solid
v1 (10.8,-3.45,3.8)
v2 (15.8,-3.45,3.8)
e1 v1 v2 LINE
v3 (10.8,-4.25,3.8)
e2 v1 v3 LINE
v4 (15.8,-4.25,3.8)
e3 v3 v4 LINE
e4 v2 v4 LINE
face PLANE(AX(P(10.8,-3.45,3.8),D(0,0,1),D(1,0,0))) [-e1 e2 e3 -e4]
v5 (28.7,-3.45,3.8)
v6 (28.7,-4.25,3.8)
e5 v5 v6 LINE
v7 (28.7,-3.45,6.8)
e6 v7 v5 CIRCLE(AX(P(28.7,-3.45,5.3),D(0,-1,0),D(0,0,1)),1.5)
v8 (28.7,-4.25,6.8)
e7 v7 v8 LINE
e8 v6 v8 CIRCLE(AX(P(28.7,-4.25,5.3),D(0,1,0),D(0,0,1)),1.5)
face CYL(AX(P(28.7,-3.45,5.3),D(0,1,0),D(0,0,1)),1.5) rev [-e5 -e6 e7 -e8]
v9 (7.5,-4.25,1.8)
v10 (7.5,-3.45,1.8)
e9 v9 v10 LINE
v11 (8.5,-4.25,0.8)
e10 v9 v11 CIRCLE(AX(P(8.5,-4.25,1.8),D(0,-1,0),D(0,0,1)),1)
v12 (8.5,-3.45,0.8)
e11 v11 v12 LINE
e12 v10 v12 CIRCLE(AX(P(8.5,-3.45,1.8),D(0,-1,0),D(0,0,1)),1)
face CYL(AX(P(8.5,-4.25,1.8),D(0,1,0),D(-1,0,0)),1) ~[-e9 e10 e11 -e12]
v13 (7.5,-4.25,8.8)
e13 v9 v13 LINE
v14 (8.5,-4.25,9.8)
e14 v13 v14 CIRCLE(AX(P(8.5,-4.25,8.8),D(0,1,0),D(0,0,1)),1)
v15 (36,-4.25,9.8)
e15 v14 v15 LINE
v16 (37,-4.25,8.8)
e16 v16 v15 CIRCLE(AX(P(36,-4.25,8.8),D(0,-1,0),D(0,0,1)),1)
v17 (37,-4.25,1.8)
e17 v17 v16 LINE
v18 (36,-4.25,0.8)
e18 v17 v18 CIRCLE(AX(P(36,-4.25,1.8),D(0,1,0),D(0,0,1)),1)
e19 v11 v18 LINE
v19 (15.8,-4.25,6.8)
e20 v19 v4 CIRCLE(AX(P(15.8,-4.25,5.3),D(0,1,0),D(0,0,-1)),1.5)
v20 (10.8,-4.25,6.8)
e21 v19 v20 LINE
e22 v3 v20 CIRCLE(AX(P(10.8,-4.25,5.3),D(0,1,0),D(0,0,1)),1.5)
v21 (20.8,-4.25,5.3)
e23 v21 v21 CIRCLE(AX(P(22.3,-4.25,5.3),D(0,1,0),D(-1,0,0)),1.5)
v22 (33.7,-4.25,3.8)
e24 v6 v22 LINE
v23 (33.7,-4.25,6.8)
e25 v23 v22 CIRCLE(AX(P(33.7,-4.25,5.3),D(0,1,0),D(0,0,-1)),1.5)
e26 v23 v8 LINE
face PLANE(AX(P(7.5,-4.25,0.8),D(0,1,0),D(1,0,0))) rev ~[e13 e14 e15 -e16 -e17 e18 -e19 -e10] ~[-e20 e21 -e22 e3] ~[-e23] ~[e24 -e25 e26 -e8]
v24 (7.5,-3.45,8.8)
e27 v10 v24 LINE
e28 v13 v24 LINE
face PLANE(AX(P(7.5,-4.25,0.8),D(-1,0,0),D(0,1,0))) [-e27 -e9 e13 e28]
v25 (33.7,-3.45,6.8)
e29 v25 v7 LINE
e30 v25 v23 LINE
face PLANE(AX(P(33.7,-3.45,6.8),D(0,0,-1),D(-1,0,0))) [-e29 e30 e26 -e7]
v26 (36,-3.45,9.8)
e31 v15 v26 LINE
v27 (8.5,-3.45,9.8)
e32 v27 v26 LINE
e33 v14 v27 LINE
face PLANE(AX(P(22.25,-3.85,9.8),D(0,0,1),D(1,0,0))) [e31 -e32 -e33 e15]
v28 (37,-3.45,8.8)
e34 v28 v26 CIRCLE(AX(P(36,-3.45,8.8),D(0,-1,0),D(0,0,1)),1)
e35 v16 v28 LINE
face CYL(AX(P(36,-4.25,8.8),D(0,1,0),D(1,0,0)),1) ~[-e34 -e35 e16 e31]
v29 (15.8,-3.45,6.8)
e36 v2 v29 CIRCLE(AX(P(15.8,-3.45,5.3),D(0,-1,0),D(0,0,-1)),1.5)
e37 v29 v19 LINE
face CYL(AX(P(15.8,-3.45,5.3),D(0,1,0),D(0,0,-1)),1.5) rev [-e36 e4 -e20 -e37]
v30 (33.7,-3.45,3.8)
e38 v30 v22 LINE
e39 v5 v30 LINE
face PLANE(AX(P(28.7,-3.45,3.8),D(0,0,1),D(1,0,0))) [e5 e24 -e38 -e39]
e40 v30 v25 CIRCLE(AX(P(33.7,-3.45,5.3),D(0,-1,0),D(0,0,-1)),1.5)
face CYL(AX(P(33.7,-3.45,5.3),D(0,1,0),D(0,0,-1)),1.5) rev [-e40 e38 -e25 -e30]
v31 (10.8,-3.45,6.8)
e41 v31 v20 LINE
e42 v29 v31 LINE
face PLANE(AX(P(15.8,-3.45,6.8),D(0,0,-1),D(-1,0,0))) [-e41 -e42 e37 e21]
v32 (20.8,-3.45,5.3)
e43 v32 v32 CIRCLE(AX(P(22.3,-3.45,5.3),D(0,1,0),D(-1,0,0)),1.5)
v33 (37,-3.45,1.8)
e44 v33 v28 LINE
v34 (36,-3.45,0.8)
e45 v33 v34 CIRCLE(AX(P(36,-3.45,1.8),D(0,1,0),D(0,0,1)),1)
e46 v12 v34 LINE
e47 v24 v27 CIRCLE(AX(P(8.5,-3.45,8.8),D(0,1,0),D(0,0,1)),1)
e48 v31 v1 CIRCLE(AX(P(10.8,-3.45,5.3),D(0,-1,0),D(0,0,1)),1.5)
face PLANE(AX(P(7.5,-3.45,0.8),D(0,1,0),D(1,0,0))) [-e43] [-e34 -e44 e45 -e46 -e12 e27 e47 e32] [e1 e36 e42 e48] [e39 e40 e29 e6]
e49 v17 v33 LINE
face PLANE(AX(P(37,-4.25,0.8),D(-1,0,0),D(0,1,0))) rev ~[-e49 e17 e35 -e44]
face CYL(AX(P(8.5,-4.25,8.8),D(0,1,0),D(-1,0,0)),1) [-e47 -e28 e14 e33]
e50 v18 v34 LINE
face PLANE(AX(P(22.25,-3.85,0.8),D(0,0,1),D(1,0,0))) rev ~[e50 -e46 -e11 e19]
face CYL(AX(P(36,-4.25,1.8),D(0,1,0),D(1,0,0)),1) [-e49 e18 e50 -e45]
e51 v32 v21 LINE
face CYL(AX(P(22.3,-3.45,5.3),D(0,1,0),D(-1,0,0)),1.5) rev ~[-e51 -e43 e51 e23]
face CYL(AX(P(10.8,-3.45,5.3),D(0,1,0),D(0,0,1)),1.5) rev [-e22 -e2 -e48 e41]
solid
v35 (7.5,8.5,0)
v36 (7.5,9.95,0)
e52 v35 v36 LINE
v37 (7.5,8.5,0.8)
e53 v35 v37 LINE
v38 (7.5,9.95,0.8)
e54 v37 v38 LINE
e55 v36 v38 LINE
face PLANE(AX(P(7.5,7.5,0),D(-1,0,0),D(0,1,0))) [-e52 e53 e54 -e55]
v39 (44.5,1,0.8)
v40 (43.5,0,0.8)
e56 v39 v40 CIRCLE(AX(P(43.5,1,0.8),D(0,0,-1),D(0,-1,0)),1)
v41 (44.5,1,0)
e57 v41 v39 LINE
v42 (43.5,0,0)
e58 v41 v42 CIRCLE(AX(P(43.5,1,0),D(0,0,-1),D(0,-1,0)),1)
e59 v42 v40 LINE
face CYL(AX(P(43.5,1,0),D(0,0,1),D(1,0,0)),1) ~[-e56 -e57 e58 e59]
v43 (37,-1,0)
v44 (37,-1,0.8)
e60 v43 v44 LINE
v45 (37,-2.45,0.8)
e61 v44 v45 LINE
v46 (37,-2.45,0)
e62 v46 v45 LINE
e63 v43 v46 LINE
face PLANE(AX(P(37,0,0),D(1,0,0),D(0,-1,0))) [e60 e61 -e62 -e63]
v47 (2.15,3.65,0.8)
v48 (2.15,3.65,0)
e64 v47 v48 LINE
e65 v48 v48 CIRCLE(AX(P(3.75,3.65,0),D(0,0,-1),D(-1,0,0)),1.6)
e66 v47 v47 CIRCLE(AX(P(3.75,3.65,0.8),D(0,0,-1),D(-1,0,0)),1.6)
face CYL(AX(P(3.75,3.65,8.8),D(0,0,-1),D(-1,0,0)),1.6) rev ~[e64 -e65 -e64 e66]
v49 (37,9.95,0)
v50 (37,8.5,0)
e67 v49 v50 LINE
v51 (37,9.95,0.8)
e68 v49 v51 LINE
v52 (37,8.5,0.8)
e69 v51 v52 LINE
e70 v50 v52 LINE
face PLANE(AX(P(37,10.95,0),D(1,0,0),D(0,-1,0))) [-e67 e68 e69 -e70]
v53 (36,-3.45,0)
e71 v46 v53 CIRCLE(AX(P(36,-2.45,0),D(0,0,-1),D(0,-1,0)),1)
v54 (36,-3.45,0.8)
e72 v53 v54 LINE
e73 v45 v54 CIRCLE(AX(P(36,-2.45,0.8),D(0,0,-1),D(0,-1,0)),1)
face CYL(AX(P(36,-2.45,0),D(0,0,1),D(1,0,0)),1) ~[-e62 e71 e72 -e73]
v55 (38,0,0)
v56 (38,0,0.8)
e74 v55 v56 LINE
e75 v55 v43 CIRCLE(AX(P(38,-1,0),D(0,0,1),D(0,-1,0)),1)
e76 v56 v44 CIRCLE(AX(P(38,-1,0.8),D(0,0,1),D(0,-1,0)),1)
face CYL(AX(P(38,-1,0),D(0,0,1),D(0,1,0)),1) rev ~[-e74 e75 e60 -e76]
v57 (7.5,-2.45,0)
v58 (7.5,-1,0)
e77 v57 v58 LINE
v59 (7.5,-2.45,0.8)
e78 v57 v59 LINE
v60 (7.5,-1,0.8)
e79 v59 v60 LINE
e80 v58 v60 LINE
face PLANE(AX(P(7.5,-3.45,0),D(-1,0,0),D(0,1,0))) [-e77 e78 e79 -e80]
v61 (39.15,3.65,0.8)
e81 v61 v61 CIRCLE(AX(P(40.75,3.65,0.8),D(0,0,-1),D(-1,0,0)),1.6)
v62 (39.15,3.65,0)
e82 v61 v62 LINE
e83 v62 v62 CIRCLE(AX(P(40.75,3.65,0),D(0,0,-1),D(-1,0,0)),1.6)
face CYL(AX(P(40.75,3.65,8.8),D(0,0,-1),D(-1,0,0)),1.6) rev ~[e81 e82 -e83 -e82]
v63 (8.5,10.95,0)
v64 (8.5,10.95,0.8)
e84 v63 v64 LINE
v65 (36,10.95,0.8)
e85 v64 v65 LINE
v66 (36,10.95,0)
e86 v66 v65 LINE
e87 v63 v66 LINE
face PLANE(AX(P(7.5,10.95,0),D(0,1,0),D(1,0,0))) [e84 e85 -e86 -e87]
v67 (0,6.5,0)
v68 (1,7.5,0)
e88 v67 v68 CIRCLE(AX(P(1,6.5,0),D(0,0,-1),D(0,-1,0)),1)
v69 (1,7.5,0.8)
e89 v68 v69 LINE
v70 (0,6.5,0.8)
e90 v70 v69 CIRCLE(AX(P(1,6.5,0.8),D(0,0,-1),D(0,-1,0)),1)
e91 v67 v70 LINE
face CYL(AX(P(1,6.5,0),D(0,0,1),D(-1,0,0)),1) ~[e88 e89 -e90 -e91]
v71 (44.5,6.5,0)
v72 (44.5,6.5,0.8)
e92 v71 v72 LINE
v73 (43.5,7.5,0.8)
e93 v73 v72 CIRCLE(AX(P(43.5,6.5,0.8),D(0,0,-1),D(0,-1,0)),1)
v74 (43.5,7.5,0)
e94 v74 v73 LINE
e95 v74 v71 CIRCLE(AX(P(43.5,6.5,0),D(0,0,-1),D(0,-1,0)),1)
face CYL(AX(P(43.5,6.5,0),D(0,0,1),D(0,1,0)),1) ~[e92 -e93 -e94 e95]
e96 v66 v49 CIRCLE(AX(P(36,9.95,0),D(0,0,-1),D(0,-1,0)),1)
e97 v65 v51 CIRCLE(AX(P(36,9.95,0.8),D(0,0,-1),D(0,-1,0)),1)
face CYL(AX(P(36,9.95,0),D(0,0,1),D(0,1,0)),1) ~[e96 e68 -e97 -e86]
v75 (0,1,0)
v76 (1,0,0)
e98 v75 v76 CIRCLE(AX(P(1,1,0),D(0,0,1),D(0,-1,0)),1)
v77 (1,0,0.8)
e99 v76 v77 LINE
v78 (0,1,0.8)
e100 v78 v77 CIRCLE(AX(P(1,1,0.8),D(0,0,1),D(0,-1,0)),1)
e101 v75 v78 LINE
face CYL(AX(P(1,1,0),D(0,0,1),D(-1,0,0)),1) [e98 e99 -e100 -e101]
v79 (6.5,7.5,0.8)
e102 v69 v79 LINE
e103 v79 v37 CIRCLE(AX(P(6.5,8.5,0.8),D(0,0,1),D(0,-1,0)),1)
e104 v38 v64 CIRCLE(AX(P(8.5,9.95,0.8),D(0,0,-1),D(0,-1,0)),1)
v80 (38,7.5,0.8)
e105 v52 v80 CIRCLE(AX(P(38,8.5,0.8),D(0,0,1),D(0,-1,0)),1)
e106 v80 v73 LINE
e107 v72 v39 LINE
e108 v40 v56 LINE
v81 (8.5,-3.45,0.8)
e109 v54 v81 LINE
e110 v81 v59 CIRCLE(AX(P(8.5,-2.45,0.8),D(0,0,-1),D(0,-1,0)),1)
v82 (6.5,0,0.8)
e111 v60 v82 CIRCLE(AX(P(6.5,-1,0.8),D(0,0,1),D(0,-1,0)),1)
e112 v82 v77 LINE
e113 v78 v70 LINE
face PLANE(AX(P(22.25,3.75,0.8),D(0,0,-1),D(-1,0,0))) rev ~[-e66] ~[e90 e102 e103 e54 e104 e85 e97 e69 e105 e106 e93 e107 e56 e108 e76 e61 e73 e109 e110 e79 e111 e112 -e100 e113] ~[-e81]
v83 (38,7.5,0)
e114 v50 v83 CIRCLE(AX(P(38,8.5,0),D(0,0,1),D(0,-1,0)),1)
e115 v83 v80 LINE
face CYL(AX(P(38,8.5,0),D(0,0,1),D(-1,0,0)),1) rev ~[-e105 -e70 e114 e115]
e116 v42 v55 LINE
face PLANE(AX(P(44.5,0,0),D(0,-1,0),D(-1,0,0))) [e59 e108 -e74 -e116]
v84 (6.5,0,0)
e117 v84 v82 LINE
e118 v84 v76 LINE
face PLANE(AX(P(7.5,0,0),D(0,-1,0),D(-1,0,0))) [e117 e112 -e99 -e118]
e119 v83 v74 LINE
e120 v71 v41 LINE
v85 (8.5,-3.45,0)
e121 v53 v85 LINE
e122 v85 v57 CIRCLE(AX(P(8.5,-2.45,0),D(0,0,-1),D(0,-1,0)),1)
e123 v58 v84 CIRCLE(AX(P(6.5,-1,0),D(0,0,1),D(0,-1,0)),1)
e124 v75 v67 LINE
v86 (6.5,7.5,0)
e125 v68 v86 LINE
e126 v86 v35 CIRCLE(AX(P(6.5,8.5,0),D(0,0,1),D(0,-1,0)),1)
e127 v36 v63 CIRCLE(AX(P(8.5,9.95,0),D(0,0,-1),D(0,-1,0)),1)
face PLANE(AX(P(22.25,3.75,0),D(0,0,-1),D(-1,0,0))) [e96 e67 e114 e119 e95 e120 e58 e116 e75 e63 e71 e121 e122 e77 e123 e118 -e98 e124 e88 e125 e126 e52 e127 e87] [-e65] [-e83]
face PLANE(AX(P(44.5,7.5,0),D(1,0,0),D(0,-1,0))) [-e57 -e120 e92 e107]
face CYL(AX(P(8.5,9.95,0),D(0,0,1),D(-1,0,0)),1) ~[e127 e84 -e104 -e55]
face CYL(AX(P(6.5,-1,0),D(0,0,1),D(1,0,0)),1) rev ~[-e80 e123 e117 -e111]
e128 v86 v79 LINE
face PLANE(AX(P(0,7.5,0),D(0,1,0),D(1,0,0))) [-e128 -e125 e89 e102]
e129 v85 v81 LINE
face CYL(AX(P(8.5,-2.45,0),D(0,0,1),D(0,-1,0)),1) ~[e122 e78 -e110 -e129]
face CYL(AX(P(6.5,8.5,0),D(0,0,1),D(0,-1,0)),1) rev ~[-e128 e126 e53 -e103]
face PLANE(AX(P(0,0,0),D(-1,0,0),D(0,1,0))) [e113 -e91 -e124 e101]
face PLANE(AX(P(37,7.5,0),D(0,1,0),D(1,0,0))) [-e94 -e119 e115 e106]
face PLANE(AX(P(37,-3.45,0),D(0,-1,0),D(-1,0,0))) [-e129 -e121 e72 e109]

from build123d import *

# Parameters (mm, degrees)
BOSS_EXTRU_1_DEPTH                  = 0.8
CONG_2_R                            = 1
DIAM_TRE_DU_PER_AGE_3_2_3_2_1_D     = 3.2
DIAM_TRE_DU_PER_AGE_3_2_3_2_1_DEPTH = 8
DIAM_TRE_DU_PER_AGE_3_2_3_2_1_TIP   = 0.96137699
ESQUISSE4_W                         = 29.5
ESQUISSE4_H                         = 0.8
BOSS_EXTRU_2_DEPTH                  = 9
CONG_3_R                            = 1
ESQUISSE5_R                         = 1.5
ENL_V_MAT_EXTRU_1_DEPTH             = 9


with BuildPart() as part:
    # Esquisse1 → Boss.-Extru.1 (new body)
    with BuildSketch(Plane.XY):
        Polygon((0, 0), (0, 7.5), (7.5, 7.5), (7.5, 10.95), (37, 10.95), (37, 7.5), (44.5, 7.5), (44.5, 0), (37, 0), (37, -3.45), (7.5, -3.45), (7.5, 0), align=None)
    extrude(amount=BOSS_EXTRU_1_DEPTH)

    # Congé2
    cong_2_edges = [part.edges().sort_by_distance(p)[0] for p in [
        (0, 0, 0.4),
        (0, 7.5, 0.4),
        (7.5, 7.5, 0.4),
        (7.5, 10.95, 0.4),
        (37, 10.95, 0.4),
        (37, 7.5, 0.4),
        (44.5, 7.5, 0.4),
        (44.5, 0, 0.4),
        (37, 0, 0.4),
        (37, -3.45, 0.4),
        (7.5, -3.45, 0.4),
        (7.5, 0, 0.4),
    ]]
    fillet(cong_2_edges, radius=CONG_2_R)

    # Diamètre du perçage Ø3.2 (3.2)1
    with Locations(Plane.XY.offset(0.8)):
        with Locations((3.75, 3.65), (40.75, 3.65)):
            Hole(DIAM_TRE_DU_PER_AGE_3_2_3_2_1_D / 2, depth=DIAM_TRE_DU_PER_AGE_3_2_3_2_1_DEPTH)
            with Locations((0, 0, -(DIAM_TRE_DU_PER_AGE_3_2_3_2_1_DEPTH + DIAM_TRE_DU_PER_AGE_3_2_3_2_1_TIP / 2))):  # 118° drill point
                Cone(0, DIAM_TRE_DU_PER_AGE_3_2_3_2_1_D / 2, DIAM_TRE_DU_PER_AGE_3_2_3_2_1_TIP, mode=Mode.SUBTRACT)


with BuildPart() as body_2:
    # Esquisse4 → Boss.-Extru.2 (new body)
    with BuildSketch(Plane.XY.offset(0.8)):
        with Locations((22.25, -3.85)):
            Rectangle(ESQUISSE4_W, ESQUISSE4_H)
    extrude(amount=BOSS_EXTRU_2_DEPTH)

    # Congé3
    cong_3_edges = [body_2.edges().sort_by_distance(p)[0] for p in [
        (37, -3.85, 9.8),
        (7.5, -3.85, 9.8),
        (37, -3.85, 0.8),
        (7.5, -3.85, 0.8),
    ]]
    fillet(cong_3_edges, radius=CONG_3_R)

    # Esquisse5 → Enlèv. mat.-Extru.1 (cut)
    with BuildSketch(Plane(origin=(0, -3.45, 0), x_dir=(1, 0, 0), z_dir=(0, 1, 0))):
        with Locations(Location((22.3, -5.3, 0), (0, 0, 180))):
            Circle(ESQUISSE5_R)
        with BuildLine():
            Line((10.8, -3.8), (15.8, -3.8))
            ThreePointArc((15.8, -3.8), (17.3, -5.3), (15.8, -6.8))
            Line((15.8, -6.8), (10.8, -6.8))
            ThreePointArc((10.8, -6.8), (9.3, -5.3), (10.8, -3.8))
        make_face()
        with BuildLine():
            Line((28.7, -3.8), (33.7, -3.8))
            ThreePointArc((33.7, -3.8), (35.2, -5.3), (33.7, -6.8))
            Line((33.7, -6.8), (28.7, -6.8))
            ThreePointArc((28.7, -6.8), (27.2, -5.3), (28.7, -3.8))
        make_face()
    extrude(amount=-ENL_V_MAT_EXTRU_1_DEPTH, mode=Mode.SUBTRACT)


solid = Compound([part.part, body_2.part])
